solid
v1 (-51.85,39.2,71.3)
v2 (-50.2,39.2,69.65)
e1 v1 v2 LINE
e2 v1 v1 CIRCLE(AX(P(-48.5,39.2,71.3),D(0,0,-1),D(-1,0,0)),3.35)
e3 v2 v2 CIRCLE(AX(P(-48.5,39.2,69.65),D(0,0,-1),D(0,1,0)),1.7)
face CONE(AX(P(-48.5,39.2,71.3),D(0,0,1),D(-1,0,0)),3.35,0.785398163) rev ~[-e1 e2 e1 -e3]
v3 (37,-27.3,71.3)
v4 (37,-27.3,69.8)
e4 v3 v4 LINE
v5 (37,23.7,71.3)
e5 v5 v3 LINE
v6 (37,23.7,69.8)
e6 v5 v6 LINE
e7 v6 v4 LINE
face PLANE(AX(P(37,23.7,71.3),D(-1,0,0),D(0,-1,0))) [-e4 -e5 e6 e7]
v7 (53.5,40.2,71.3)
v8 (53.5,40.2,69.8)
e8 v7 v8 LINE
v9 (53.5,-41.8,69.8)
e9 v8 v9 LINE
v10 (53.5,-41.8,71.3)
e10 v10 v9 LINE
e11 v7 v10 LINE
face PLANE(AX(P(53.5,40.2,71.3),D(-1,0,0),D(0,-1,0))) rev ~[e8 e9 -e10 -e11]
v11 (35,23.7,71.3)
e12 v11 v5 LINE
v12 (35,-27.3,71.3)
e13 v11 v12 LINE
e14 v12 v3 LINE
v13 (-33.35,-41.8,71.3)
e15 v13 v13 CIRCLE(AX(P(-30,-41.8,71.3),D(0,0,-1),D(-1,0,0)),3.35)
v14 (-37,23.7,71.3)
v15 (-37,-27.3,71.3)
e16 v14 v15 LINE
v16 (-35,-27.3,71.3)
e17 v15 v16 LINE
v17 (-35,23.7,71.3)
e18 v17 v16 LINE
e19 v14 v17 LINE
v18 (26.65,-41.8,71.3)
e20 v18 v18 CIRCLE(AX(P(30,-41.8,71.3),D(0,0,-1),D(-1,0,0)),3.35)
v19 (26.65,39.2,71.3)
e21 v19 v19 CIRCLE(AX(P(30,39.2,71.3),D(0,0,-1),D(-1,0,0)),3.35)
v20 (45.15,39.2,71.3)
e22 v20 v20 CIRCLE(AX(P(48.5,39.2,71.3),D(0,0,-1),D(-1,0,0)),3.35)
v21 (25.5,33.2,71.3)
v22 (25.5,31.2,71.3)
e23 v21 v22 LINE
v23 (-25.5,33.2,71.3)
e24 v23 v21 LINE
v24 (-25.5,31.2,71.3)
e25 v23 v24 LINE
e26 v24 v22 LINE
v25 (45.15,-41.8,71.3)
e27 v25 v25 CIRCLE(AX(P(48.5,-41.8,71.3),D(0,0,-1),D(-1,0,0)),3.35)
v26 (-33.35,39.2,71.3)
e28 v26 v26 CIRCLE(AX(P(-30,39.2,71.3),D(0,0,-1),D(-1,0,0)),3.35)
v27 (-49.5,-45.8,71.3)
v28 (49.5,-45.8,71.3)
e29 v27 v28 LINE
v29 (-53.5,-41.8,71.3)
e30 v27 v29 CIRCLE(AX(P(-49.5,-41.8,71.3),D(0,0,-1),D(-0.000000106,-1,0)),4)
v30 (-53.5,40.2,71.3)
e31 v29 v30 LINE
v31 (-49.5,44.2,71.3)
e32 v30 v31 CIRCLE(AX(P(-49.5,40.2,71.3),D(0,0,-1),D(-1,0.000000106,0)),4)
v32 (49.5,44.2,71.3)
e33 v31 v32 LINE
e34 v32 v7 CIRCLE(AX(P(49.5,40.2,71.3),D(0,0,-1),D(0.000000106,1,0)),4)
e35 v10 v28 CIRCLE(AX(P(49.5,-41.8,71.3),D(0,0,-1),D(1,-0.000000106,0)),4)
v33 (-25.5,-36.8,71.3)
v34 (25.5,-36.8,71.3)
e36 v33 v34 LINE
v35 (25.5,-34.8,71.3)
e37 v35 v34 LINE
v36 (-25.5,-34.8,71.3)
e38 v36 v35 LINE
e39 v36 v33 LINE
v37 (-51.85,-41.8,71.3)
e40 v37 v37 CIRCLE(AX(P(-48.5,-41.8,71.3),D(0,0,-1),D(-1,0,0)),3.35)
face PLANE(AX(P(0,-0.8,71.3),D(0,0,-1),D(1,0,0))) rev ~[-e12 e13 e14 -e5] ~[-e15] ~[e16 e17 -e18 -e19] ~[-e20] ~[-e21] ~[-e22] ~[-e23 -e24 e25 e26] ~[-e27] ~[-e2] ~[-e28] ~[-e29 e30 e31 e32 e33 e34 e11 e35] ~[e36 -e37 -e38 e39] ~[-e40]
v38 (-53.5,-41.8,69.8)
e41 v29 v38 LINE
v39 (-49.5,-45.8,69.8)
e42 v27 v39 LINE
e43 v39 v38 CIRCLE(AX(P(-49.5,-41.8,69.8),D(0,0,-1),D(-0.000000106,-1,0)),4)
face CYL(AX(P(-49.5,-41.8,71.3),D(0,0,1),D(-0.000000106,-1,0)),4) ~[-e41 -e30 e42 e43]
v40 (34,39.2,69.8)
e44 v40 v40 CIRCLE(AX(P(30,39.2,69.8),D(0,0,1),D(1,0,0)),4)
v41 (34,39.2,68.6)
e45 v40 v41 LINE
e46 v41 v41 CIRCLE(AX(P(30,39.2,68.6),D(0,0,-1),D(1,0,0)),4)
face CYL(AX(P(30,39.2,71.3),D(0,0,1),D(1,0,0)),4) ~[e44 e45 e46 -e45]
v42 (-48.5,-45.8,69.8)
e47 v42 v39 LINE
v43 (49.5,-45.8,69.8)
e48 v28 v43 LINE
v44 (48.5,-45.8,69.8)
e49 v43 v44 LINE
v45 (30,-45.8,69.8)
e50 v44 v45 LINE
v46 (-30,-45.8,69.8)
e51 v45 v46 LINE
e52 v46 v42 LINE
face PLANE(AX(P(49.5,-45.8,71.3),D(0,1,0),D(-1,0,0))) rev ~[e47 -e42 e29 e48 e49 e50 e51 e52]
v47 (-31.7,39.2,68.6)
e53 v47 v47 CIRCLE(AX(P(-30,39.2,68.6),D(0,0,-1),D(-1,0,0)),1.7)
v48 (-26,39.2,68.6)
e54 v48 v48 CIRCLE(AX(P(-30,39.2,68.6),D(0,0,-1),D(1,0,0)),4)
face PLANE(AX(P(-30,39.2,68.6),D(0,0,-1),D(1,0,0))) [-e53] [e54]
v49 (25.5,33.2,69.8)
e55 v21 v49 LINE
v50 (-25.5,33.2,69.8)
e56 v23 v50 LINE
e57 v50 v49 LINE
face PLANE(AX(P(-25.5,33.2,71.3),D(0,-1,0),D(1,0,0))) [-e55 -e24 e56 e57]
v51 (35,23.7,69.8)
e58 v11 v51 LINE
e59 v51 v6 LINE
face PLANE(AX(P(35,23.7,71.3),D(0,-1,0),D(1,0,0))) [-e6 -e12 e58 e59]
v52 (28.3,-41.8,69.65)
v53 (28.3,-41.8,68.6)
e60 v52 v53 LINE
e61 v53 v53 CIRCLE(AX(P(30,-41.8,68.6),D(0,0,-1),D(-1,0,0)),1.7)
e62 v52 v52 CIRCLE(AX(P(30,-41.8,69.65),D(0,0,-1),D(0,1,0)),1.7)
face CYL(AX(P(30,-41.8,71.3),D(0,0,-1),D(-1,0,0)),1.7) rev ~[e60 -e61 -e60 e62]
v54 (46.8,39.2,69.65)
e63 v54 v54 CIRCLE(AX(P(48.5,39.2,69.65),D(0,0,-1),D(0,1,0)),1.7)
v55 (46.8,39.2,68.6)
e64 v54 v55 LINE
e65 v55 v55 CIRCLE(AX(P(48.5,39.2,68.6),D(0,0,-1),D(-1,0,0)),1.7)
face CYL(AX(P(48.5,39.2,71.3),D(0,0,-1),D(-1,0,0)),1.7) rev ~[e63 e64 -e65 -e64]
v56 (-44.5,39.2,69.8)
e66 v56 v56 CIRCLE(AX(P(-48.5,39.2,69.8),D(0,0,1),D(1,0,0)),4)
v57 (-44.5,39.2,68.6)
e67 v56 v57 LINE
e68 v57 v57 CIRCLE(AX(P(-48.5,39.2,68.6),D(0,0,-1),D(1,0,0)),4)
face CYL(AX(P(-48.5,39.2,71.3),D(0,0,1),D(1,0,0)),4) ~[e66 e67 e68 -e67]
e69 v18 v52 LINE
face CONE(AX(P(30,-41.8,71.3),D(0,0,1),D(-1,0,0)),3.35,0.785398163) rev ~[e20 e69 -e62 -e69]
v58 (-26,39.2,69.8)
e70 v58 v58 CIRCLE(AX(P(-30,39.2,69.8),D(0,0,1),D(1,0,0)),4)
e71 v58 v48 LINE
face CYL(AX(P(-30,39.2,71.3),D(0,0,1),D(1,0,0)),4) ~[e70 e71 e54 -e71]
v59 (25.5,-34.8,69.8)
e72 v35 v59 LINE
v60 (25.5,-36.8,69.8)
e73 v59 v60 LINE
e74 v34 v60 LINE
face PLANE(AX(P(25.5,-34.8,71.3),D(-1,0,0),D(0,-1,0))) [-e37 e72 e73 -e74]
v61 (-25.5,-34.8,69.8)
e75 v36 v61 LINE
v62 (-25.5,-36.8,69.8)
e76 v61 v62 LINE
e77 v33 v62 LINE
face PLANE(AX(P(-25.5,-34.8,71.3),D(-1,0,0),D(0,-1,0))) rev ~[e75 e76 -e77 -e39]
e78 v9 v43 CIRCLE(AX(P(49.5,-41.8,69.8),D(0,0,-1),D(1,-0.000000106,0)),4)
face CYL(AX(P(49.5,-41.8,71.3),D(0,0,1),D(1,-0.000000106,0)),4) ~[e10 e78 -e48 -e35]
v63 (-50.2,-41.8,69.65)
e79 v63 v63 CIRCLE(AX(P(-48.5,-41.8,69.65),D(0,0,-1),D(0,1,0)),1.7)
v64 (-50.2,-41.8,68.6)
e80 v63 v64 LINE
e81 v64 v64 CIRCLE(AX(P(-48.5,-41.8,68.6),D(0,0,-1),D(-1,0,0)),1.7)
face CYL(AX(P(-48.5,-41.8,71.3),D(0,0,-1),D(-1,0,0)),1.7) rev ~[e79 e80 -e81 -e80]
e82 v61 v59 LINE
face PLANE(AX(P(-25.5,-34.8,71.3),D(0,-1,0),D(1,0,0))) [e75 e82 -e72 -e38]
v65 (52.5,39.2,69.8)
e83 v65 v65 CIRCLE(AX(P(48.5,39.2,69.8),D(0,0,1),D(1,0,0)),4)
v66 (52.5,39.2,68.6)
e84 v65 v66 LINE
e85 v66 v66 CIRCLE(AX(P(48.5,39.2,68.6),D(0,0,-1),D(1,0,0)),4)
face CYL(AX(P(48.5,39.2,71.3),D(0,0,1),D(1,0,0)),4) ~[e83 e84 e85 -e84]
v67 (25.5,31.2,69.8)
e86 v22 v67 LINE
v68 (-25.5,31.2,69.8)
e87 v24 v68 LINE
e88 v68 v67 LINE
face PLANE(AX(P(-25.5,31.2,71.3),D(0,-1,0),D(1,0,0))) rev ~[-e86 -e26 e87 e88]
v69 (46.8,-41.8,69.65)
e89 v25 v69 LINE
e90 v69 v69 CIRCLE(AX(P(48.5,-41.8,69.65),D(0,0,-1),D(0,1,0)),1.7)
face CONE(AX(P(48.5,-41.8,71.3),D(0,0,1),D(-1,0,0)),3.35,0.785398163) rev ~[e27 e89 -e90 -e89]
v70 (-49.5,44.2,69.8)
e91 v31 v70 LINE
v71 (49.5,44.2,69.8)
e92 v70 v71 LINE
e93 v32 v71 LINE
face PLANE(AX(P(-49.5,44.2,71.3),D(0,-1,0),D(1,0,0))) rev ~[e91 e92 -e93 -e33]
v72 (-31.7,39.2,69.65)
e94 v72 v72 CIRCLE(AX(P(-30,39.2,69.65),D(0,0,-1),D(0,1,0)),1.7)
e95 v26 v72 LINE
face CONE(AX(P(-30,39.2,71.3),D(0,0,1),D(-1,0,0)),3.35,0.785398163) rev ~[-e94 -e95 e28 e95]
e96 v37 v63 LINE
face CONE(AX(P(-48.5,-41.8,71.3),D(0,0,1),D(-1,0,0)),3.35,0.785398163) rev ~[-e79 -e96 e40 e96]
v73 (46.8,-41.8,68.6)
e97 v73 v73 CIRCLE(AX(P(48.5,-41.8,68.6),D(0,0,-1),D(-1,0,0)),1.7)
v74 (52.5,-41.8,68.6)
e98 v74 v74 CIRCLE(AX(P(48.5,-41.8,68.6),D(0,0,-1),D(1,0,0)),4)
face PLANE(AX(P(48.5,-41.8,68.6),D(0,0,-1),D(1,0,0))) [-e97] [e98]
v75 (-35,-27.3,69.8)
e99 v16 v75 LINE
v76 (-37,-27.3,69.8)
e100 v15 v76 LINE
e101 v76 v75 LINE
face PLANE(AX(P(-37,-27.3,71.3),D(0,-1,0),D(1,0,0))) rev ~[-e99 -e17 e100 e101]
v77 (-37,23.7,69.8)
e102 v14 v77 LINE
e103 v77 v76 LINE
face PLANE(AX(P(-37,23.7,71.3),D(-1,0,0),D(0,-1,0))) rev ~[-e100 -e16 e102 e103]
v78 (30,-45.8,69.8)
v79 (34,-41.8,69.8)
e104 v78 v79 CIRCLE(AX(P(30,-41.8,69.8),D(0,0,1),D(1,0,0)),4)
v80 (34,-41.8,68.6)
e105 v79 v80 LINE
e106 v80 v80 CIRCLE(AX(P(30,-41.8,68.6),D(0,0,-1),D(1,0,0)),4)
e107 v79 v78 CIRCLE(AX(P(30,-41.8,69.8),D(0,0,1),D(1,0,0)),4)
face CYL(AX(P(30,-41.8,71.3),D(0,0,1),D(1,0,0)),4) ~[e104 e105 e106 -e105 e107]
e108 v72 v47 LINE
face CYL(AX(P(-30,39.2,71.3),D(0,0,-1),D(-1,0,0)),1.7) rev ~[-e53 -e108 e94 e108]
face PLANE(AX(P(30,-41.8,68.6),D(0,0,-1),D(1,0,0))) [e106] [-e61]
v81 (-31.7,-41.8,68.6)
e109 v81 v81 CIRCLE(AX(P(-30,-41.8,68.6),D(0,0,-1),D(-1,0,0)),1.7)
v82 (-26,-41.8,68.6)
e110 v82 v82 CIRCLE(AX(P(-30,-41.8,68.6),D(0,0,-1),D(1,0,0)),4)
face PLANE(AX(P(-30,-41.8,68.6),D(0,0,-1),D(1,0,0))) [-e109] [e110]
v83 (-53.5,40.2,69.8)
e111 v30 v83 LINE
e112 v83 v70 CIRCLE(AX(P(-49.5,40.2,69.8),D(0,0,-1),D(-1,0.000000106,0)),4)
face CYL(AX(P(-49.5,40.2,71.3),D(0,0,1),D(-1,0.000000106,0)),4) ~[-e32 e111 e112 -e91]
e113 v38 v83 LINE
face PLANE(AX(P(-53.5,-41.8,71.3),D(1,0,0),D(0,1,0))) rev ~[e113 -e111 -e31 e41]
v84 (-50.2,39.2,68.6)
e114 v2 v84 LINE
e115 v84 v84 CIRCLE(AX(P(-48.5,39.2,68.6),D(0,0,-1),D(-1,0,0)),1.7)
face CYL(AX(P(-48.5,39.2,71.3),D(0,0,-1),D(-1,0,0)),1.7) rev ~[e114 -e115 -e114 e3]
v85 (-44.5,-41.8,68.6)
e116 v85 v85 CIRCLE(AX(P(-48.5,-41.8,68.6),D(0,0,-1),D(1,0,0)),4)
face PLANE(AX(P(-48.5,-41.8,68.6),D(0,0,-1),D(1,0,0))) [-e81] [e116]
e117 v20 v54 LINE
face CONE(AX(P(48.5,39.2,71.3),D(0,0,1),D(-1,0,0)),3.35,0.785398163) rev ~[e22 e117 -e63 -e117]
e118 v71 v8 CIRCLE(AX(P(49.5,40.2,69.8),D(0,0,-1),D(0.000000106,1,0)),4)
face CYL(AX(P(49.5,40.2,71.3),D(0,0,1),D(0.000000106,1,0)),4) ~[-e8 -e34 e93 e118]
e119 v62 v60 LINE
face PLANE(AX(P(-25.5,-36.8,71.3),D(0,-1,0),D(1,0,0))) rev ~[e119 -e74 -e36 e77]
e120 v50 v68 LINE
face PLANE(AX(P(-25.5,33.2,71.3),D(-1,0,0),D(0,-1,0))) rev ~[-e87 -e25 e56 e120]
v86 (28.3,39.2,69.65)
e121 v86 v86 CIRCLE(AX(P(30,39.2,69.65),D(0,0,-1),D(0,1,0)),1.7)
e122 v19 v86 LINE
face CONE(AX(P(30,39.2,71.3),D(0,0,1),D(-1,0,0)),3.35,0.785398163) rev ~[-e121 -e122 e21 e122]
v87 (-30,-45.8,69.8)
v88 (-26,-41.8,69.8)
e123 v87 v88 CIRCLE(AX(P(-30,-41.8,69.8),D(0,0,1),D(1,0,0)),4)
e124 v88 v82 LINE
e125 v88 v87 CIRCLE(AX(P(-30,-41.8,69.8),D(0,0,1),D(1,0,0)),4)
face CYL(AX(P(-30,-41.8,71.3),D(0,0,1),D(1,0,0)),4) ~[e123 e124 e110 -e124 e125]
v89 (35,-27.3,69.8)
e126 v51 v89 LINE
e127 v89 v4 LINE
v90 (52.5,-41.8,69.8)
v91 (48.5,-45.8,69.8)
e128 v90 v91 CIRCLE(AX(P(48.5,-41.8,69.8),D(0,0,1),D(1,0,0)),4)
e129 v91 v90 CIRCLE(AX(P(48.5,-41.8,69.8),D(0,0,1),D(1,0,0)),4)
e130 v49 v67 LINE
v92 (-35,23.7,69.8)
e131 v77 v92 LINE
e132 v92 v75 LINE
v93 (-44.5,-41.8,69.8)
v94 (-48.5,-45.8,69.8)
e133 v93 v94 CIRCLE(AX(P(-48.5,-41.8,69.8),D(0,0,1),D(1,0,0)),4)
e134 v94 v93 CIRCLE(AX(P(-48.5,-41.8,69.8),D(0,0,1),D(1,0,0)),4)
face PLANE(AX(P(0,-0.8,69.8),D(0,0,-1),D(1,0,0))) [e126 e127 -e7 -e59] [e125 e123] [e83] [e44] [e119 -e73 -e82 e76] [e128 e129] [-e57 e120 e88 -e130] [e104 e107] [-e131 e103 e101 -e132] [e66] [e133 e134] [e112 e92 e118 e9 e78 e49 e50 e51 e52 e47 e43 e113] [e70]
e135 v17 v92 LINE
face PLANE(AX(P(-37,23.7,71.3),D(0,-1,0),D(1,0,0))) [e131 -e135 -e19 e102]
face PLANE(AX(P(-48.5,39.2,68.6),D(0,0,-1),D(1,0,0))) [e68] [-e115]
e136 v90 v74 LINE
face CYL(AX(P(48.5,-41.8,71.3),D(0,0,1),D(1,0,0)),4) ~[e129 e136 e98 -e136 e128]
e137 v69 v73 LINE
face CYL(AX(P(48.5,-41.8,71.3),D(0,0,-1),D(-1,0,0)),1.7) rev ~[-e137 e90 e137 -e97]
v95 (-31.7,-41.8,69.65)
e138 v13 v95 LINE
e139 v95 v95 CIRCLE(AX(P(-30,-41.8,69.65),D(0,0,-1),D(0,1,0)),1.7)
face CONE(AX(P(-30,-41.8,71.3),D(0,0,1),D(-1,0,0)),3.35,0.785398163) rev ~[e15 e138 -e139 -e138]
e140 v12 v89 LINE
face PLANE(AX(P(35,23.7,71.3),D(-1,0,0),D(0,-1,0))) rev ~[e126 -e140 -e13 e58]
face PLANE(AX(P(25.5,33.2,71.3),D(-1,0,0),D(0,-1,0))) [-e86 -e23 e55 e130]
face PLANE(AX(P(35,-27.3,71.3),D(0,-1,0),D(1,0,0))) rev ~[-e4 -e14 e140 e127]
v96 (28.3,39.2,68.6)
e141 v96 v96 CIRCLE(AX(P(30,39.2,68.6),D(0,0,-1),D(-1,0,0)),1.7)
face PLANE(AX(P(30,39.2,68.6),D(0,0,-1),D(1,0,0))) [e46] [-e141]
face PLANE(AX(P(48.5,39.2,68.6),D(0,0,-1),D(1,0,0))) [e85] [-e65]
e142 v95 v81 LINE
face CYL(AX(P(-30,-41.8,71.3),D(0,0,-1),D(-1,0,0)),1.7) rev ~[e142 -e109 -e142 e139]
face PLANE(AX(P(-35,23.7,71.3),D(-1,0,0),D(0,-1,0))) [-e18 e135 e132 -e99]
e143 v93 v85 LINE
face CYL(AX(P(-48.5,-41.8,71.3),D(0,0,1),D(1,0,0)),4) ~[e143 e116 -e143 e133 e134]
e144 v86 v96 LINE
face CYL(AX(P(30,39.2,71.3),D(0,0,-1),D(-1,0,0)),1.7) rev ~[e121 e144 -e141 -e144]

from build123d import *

# Parameters (mm, degrees)
SKETCH030_W             = 51
SKETCH030_H             = 2
SKETCH030_W_2           = 2
SKETCH030_H_2           = 51
PAD018_DEPTH            = 1.5
SKETCH031_R             = 4
SKETCH031_R_2           = 1.6
PAD019_DEPTH            = 2.7
HOLE_D                  = 3.4
HOLE_DEPTH              = 25
HOLE_CSINK_D            = 6.7
HOLE_CSINK_ANGLE        = 90
BODY008_PLACEMENT_ANGLE = 180


with BuildPart() as part:
    # Sketch030 → Pad018 (new body)
    with BuildSketch(Plane.XY):
        with BuildLine():
            Line((-53.5, 40), (-53.5, -42))
            ThreePointArc((-53.5, -42), (-52.328427, -44.828427), (-49.5, -46))
            Line((-49.5, -46), (49.5, -46))
            ThreePointArc((49.5, -46), (52.328427, -44.828427), (53.5, -42))
            Line((53.5, -42), (53.5, 40))
            ThreePointArc((53.5, 40), (52.328427, 42.828427), (49.5, 44))
            Line((49.5, 44), (-49.5, 44))
            ThreePointArc((-49.5, 44), (-52.328427, 42.828427), (-53.5, 40))
        make_face()
        with Locations((0, 34)):
            Rectangle(SKETCH030_W, SKETCH030_H, mode=Mode.SUBTRACT)
        with Locations((0, -34)):
            Rectangle(SKETCH030_W, SKETCH030_H, mode=Mode.SUBTRACT)
        with Locations((36, 0)):
            Rectangle(SKETCH030_W_2, SKETCH030_H_2, mode=Mode.SUBTRACT)
        with Locations((-36, 0)):
            Rectangle(SKETCH030_W_2, SKETCH030_H_2, mode=Mode.SUBTRACT)
    extrude(amount=PAD018_DEPTH)

    # Sketch031 → Pad019 (join)
    with BuildSketch(Plane.XY):
        with Locations((-48.5, 40)):
            Circle(SKETCH031_R)
        with Locations((-48.5, 40)):
            Circle(SKETCH031_R_2, mode=Mode.SUBTRACT)
        with Locations((-30, 40)):
            Circle(SKETCH031_R)
        with Locations((-30, 40)):
            Circle(SKETCH031_R_2, mode=Mode.SUBTRACT)
        with Locations((30, 40)):
            Circle(SKETCH031_R)
        with Locations((30, 40)):
            Circle(SKETCH031_R_2, mode=Mode.SUBTRACT)
        with Locations((30, -41)):
            Circle(SKETCH031_R)
        with Locations((30, -41)):
            Circle(SKETCH031_R_2, mode=Mode.SUBTRACT)
        with Locations((-30, -41)):
            Circle(SKETCH031_R)
        with Locations((-30, -41)):
            Circle(SKETCH031_R_2, mode=Mode.SUBTRACT)
        with Locations((-48.5, -41)):
            Circle(SKETCH031_R)
        with Locations((-48.5, -41)):
            Circle(SKETCH031_R_2, mode=Mode.SUBTRACT)
        with Locations((48.5, -41)):
            Circle(SKETCH031_R)
        with Locations((48.5, -41)):
            Circle(SKETCH031_R_2, mode=Mode.SUBTRACT)
        with Locations((48.5, 40)):
            Circle(SKETCH031_R)
        with Locations((48.5, 40)):
            Circle(SKETCH031_R_2, mode=Mode.SUBTRACT)
    extrude(amount=PAD019_DEPTH)

    # Hole
    with Locations(Plane(origin=(0, 0, 0), x_dir=(1, 0, 0), z_dir=(0, 0, -1))):
        with Locations((-48.5, -40), (-30, -40), (30, -40), (30, 41), (-30, 41), (-48.5, 41), (-48.5, 41), (-30, 41), (30, 41), (30, -40), (-30, -40), (-48.5, -40), (48.5, 41), (48.5, 41), (48.5, -40), (48.5, -40)):
            CounterSinkHole(HOLE_D / 2, HOLE_CSINK_D / 2, depth=HOLE_DEPTH, counter_sink_angle=HOLE_CSINK_ANGLE)


with BuildPart() as part_1:
    # Body008 placement: moved
    add(part.part.moved(Location((0, -1.8, 71.3))).rotate(Axis((0, -1.8, 71.3), (1, 0, 0)), BODY008_PLACEMENT_ANGLE))


solid = part_1.part
